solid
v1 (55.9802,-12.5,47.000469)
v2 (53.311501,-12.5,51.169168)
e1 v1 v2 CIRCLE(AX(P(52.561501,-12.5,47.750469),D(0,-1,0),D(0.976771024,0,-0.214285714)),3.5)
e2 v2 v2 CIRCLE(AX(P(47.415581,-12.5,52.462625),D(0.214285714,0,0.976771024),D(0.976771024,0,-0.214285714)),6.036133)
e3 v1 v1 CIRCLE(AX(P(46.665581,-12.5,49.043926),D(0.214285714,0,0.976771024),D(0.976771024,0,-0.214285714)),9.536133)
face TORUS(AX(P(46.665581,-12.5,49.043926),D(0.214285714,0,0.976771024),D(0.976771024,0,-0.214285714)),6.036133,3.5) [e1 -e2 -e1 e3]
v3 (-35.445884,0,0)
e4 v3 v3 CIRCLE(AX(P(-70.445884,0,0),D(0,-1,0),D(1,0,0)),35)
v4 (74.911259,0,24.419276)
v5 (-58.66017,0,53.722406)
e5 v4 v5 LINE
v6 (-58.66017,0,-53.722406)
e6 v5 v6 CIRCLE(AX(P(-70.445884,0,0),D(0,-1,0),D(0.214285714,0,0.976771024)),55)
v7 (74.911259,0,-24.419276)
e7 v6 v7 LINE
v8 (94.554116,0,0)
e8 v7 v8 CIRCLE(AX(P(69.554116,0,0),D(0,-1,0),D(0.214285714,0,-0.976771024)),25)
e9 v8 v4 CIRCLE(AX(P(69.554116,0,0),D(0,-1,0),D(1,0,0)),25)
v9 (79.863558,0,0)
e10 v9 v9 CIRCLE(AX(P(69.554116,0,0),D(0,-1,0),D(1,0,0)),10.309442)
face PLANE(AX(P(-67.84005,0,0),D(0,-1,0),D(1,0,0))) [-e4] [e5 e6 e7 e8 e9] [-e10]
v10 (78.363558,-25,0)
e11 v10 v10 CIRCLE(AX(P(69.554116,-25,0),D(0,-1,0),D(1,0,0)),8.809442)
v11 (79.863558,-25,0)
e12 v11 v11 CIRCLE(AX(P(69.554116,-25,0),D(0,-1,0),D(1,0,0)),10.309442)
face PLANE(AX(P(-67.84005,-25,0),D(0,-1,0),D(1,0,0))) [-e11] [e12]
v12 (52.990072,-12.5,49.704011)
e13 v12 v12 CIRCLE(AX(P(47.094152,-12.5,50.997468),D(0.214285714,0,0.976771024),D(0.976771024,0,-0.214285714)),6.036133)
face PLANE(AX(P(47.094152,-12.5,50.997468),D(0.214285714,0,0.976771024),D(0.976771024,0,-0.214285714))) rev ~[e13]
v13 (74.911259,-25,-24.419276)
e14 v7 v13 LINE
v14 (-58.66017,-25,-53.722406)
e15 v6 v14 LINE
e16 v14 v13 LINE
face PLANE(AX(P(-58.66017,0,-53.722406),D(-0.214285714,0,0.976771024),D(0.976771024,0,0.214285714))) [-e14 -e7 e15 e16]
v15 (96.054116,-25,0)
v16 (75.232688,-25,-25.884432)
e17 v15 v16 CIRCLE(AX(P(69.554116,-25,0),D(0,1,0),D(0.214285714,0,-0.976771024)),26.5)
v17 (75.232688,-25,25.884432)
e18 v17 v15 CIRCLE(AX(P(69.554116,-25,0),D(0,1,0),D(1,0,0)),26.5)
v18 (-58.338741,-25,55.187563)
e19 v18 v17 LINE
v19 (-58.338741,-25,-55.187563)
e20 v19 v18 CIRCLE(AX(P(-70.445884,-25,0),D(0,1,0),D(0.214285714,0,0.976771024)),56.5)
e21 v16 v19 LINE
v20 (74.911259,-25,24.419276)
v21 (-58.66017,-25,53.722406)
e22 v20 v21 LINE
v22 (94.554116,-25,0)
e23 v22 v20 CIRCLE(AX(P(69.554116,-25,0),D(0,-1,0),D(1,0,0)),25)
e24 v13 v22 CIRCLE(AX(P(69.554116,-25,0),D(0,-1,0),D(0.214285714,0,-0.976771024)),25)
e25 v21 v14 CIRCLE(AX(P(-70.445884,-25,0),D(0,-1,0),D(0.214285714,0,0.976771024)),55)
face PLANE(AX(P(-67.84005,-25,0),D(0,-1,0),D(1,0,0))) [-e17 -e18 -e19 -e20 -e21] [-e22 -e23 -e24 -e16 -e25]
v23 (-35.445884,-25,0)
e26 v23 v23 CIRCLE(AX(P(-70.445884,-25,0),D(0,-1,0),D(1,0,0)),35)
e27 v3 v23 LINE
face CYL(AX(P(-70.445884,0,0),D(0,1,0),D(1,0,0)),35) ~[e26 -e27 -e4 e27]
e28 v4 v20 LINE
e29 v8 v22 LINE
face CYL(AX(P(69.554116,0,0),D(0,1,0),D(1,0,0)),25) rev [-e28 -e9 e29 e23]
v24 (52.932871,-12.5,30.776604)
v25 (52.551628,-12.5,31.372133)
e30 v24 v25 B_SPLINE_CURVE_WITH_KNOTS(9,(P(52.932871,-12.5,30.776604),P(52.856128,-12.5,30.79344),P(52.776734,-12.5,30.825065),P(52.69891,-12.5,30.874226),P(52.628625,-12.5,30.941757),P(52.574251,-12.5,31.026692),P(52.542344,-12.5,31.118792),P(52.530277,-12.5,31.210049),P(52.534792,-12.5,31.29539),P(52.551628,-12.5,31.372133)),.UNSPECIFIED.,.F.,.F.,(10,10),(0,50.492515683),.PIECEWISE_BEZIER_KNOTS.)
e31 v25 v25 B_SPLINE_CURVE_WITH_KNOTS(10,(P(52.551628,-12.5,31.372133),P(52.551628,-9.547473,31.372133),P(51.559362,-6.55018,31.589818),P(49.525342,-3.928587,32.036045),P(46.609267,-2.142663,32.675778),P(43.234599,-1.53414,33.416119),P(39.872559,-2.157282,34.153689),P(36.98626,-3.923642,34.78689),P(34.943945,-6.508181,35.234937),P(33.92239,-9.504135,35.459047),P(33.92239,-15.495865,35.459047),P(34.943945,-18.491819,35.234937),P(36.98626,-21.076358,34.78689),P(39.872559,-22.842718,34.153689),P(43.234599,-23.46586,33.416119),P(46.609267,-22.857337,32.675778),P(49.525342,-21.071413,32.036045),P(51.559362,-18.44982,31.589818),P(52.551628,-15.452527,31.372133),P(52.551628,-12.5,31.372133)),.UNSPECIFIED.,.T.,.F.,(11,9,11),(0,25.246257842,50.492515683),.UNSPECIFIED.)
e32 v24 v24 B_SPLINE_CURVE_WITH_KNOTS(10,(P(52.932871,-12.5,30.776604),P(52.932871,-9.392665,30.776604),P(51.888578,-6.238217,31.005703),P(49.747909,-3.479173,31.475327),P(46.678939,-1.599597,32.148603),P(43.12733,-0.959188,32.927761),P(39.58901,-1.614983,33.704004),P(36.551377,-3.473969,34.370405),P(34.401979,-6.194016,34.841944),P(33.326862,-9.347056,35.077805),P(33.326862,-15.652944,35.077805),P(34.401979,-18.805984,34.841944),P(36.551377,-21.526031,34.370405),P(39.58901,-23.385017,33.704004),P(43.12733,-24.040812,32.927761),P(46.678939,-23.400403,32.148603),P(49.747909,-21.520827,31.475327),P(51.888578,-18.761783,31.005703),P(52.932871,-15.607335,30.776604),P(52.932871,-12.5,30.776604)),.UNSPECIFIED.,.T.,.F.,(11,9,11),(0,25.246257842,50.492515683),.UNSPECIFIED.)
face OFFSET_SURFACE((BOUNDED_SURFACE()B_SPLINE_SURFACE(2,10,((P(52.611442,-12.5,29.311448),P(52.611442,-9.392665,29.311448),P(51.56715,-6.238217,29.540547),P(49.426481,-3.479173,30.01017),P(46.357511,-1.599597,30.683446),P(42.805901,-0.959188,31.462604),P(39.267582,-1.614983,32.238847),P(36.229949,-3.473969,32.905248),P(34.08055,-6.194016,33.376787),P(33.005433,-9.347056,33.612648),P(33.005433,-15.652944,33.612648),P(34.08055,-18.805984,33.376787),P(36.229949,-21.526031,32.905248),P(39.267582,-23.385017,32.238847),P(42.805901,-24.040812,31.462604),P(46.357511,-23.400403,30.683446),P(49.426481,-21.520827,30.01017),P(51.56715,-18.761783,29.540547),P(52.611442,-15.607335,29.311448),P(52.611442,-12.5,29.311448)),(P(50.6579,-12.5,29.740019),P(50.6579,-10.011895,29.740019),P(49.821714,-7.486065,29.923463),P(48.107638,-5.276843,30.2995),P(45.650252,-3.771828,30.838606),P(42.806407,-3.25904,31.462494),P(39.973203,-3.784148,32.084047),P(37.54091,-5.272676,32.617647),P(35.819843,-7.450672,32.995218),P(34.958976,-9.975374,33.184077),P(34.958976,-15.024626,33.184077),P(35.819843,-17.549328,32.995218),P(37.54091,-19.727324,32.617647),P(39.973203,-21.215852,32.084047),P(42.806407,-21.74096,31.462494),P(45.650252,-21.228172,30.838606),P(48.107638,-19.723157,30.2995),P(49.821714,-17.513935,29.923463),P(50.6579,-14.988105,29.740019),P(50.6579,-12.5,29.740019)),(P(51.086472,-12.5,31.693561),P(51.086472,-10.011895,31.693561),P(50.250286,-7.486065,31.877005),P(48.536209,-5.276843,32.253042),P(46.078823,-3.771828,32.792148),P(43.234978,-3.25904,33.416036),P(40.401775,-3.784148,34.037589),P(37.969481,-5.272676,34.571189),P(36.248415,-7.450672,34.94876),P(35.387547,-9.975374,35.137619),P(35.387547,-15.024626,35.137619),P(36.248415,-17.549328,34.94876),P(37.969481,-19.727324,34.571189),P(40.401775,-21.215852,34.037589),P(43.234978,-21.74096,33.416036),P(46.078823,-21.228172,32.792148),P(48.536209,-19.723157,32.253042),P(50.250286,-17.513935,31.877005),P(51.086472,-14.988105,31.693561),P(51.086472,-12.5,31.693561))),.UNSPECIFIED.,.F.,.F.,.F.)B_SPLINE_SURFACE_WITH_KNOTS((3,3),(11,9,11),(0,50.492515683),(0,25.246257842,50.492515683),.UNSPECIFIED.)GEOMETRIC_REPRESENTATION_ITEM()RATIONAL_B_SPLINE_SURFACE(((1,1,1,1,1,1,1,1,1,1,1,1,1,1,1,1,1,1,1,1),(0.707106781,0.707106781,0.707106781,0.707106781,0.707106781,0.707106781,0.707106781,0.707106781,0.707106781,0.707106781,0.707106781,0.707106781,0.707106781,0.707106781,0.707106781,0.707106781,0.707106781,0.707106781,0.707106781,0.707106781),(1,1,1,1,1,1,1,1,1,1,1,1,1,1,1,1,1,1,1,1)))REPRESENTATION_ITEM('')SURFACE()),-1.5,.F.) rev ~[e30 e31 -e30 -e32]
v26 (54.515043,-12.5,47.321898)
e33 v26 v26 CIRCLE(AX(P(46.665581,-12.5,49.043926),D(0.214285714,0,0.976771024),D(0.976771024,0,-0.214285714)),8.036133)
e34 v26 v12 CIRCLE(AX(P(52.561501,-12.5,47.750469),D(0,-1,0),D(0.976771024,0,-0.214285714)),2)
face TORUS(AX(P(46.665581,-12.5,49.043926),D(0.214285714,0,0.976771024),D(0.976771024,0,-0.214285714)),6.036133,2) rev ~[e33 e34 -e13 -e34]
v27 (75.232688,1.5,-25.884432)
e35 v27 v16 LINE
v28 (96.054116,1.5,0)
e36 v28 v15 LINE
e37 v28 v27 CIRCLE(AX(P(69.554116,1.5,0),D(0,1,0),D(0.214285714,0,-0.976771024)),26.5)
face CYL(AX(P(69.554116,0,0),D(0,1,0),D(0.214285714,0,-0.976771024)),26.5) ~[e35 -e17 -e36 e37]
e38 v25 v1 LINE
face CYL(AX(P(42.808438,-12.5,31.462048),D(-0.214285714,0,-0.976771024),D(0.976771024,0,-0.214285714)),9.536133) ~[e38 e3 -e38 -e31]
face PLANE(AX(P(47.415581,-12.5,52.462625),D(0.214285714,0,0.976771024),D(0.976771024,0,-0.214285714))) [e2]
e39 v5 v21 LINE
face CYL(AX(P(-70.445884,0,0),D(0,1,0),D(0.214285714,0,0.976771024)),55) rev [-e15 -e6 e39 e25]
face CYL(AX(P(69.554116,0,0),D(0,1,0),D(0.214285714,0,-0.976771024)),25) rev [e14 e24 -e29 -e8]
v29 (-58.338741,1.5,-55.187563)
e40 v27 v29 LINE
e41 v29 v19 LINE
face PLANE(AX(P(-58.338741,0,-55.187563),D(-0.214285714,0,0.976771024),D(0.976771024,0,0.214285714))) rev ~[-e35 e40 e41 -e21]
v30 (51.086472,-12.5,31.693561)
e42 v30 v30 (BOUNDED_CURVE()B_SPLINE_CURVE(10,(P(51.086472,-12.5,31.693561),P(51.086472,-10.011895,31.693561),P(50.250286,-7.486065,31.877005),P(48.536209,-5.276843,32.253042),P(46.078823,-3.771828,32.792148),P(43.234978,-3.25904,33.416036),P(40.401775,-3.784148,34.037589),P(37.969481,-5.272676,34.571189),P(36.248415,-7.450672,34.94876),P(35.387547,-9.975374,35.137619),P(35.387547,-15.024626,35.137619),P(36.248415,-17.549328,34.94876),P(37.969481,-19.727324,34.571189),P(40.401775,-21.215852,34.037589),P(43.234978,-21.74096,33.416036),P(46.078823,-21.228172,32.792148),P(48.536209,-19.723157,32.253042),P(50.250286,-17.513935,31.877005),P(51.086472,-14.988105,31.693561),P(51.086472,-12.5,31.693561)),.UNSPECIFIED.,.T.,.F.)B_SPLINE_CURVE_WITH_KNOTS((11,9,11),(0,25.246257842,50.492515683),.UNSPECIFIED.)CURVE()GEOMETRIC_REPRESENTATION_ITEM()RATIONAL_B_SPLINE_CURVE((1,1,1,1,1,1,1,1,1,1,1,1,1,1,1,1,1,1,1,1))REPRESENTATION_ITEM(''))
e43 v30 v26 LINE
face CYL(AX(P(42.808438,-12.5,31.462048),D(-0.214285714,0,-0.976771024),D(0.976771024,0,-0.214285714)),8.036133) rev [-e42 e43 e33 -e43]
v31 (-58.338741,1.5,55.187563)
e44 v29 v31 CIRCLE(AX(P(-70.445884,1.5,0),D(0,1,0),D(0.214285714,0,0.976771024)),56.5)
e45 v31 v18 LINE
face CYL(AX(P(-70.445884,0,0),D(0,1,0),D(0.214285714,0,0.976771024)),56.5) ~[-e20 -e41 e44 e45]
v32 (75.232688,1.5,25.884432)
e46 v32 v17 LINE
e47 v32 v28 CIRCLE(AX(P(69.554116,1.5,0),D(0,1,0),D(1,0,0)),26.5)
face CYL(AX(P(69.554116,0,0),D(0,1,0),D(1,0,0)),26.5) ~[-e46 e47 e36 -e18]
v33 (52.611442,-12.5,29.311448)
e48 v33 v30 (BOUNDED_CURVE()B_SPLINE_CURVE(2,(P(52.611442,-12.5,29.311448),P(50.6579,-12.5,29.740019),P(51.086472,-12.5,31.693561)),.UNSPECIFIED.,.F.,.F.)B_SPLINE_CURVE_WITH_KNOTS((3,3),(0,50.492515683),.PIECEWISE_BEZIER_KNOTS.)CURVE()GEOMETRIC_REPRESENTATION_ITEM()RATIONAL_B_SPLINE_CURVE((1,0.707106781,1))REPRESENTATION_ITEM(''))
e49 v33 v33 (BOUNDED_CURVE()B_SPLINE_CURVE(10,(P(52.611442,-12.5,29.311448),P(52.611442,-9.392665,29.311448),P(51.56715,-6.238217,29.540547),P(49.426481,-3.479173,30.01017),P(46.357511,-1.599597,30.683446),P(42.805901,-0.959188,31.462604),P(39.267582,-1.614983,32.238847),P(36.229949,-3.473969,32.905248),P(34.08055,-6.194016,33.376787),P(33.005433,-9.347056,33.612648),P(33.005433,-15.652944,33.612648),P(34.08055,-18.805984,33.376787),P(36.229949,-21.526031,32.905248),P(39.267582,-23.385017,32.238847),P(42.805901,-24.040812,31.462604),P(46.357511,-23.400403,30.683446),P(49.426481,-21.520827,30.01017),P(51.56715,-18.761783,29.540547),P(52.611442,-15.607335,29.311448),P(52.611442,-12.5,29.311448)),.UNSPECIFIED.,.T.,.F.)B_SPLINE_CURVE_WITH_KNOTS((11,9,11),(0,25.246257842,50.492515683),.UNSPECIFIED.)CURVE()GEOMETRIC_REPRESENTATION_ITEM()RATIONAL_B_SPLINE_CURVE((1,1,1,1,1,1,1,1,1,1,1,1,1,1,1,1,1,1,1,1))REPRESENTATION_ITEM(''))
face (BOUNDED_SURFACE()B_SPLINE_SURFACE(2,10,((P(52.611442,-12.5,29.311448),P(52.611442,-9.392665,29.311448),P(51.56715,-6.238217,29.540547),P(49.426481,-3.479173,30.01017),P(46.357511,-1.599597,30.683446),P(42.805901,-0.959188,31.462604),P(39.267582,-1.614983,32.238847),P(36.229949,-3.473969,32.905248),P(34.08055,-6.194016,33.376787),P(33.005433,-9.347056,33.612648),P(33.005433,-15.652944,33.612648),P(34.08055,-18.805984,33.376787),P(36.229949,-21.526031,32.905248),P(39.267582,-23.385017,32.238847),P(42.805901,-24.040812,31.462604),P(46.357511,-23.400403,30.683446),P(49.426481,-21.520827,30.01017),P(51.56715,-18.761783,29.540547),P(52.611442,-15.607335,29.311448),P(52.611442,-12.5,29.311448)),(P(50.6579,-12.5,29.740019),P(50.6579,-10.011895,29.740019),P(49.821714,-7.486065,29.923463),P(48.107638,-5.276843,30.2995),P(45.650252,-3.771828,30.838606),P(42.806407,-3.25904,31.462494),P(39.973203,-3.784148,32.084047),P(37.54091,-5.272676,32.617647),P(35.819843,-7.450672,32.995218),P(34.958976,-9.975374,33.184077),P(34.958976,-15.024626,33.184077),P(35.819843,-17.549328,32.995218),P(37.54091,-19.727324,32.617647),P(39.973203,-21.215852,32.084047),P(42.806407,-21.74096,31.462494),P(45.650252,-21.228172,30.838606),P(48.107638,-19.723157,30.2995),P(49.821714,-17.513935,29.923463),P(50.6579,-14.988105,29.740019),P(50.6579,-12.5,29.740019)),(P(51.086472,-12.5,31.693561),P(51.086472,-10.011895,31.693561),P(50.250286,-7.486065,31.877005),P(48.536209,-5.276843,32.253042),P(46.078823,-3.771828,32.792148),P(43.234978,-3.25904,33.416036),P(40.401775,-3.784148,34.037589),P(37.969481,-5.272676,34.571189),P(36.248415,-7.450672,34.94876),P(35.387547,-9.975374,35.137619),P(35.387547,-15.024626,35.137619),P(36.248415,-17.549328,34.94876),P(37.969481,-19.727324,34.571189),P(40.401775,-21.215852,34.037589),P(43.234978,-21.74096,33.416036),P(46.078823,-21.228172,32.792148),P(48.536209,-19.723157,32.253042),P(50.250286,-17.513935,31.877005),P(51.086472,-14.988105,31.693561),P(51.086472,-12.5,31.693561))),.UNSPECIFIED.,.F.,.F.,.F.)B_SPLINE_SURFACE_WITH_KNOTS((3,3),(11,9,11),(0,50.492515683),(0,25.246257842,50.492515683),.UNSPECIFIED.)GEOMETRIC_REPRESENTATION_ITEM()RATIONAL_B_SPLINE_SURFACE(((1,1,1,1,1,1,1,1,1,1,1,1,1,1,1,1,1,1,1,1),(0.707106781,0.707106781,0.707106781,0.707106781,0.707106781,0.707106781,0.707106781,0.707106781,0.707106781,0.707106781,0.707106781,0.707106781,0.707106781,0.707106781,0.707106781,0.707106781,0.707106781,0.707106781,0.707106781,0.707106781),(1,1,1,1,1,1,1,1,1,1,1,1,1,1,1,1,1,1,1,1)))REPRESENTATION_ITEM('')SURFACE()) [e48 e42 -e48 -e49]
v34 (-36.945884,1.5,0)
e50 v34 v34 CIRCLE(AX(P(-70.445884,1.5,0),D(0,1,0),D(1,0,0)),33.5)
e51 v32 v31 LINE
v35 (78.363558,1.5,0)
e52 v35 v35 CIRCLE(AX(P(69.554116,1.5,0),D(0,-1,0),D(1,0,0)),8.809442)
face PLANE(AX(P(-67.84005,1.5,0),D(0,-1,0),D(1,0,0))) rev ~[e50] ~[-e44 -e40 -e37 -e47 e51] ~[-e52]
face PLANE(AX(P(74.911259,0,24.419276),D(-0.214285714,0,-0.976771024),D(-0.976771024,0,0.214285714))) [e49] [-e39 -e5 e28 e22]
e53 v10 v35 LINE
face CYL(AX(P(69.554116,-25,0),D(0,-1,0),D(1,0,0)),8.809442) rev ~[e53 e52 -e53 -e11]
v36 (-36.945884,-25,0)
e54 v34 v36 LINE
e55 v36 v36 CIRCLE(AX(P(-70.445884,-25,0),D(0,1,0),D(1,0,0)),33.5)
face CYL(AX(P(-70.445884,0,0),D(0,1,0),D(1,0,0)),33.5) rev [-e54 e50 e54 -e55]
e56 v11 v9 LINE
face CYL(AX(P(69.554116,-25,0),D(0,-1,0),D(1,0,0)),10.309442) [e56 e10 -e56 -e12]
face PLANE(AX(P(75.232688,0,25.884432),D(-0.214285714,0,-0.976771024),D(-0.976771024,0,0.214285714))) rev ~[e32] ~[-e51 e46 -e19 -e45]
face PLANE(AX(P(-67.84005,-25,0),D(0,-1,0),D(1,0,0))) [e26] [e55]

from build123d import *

# Parameters (mm, degrees)
F0_R     = 35
F1_DEPTH = 25
F2_R     = 8.0361334601
F3_DEPTH = 20
F4_R     = 2
F5_R     = 10.3094421679
F6_DEPTH = 25.001
F7_T     = 1.5


with BuildPart() as f1:
    # F0 (on Front) → F1 (new body)
    with BuildSketch(Plane.XZ):
        with BuildLine():
            ThreePointArc((-58.6601695194, -53.7224063011), (-27.590229069, -34.473074379), (-15.4458838051, 0))
            ThreePointArc((-15.4458838051, 0), (-27.590229069, 34.473074379), (-58.6601695194, 53.7224063011))
            ThreePointArc((-58.6601695194, 53.7224063011), (-125.4458838051, 0), (-58.6601695194, -53.7224063011))
        make_face()
        with Locations((-70.4458838051, 0)):
            Circle(F0_R, mode=Mode.SUBTRACT)
        with BuildLine():
            ThreePointArc((-58.6601695194, 53.7224063011), (-27.590229069, 34.473074379), (-15.4458838051, 0))
            ThreePointArc((-15.4458838051, 0), (-27.590229069, -34.473074379), (-58.6601695194, -53.7224063011))
            Line((-58.6601695194, -53.7224063011), (74.9112590521, -24.4192755914))
            ThreePointArc((74.9112590521, -24.4192755914), (44.5541161949, 0), (74.9112590521, 24.4192755914))
            Line((74.9112590521, 24.4192755914), (-58.6601695194, 53.7224063011))
        make_face()
        with BuildLine():
            ThreePointArc((94.5541161949, 0), (89.0339592568, 15.6695792632), (74.9112590521, 24.4192755914))
            ThreePointArc((74.9112590521, 24.4192755914), (44.5541161949, 0), (74.9112590521, -24.4192755914))
            ThreePointArc((74.9112590521, -24.4192755914), (89.0339592568, -15.6695792632), (94.5541161949, 0))
        make_face()
    extrude(amount=F1_DEPTH)

    # F2 (on face) → F3 (join)
    with BuildSketch(Plane(origin=(8.5509543151, 0, 38.9775138646), x_dir=(0.9767710237, 0, -0.2142857143), z_dir=(0.2142857143, 0, 0.9767710237))):
        with Locations((35.0721742403, -12.5)):
            Circle(F2_R)
    extrude(amount=F3_DEPTH)

    # F4
    f4_edges = [f1.edges().sort_by_distance(p)[0] for p in [
        (39.24469, -12.5, 52.719497),
        (34.958976, -12.5, 33.184077),
    ]]
    fillet(f4_edges, radius=F4_R)

    # F5 (on face) → F6 (cut, through all)
    with BuildSketch(Plane.XZ.offset(25)):
        with Locations((69.5541161949, 0)):
            Circle(F5_R)
    extrude(amount=-F6_DEPTH, mode=Mode.SUBTRACT)

    # F7
    f7_openings = [f1.faces().sort_by_distance(p)[0] for p in [
        (-17.192474, -25, 0),
    ]]
    offset(amount=F7_T, openings=f7_openings, kind=Kind.INTERSECTION)


solid = f1.part
